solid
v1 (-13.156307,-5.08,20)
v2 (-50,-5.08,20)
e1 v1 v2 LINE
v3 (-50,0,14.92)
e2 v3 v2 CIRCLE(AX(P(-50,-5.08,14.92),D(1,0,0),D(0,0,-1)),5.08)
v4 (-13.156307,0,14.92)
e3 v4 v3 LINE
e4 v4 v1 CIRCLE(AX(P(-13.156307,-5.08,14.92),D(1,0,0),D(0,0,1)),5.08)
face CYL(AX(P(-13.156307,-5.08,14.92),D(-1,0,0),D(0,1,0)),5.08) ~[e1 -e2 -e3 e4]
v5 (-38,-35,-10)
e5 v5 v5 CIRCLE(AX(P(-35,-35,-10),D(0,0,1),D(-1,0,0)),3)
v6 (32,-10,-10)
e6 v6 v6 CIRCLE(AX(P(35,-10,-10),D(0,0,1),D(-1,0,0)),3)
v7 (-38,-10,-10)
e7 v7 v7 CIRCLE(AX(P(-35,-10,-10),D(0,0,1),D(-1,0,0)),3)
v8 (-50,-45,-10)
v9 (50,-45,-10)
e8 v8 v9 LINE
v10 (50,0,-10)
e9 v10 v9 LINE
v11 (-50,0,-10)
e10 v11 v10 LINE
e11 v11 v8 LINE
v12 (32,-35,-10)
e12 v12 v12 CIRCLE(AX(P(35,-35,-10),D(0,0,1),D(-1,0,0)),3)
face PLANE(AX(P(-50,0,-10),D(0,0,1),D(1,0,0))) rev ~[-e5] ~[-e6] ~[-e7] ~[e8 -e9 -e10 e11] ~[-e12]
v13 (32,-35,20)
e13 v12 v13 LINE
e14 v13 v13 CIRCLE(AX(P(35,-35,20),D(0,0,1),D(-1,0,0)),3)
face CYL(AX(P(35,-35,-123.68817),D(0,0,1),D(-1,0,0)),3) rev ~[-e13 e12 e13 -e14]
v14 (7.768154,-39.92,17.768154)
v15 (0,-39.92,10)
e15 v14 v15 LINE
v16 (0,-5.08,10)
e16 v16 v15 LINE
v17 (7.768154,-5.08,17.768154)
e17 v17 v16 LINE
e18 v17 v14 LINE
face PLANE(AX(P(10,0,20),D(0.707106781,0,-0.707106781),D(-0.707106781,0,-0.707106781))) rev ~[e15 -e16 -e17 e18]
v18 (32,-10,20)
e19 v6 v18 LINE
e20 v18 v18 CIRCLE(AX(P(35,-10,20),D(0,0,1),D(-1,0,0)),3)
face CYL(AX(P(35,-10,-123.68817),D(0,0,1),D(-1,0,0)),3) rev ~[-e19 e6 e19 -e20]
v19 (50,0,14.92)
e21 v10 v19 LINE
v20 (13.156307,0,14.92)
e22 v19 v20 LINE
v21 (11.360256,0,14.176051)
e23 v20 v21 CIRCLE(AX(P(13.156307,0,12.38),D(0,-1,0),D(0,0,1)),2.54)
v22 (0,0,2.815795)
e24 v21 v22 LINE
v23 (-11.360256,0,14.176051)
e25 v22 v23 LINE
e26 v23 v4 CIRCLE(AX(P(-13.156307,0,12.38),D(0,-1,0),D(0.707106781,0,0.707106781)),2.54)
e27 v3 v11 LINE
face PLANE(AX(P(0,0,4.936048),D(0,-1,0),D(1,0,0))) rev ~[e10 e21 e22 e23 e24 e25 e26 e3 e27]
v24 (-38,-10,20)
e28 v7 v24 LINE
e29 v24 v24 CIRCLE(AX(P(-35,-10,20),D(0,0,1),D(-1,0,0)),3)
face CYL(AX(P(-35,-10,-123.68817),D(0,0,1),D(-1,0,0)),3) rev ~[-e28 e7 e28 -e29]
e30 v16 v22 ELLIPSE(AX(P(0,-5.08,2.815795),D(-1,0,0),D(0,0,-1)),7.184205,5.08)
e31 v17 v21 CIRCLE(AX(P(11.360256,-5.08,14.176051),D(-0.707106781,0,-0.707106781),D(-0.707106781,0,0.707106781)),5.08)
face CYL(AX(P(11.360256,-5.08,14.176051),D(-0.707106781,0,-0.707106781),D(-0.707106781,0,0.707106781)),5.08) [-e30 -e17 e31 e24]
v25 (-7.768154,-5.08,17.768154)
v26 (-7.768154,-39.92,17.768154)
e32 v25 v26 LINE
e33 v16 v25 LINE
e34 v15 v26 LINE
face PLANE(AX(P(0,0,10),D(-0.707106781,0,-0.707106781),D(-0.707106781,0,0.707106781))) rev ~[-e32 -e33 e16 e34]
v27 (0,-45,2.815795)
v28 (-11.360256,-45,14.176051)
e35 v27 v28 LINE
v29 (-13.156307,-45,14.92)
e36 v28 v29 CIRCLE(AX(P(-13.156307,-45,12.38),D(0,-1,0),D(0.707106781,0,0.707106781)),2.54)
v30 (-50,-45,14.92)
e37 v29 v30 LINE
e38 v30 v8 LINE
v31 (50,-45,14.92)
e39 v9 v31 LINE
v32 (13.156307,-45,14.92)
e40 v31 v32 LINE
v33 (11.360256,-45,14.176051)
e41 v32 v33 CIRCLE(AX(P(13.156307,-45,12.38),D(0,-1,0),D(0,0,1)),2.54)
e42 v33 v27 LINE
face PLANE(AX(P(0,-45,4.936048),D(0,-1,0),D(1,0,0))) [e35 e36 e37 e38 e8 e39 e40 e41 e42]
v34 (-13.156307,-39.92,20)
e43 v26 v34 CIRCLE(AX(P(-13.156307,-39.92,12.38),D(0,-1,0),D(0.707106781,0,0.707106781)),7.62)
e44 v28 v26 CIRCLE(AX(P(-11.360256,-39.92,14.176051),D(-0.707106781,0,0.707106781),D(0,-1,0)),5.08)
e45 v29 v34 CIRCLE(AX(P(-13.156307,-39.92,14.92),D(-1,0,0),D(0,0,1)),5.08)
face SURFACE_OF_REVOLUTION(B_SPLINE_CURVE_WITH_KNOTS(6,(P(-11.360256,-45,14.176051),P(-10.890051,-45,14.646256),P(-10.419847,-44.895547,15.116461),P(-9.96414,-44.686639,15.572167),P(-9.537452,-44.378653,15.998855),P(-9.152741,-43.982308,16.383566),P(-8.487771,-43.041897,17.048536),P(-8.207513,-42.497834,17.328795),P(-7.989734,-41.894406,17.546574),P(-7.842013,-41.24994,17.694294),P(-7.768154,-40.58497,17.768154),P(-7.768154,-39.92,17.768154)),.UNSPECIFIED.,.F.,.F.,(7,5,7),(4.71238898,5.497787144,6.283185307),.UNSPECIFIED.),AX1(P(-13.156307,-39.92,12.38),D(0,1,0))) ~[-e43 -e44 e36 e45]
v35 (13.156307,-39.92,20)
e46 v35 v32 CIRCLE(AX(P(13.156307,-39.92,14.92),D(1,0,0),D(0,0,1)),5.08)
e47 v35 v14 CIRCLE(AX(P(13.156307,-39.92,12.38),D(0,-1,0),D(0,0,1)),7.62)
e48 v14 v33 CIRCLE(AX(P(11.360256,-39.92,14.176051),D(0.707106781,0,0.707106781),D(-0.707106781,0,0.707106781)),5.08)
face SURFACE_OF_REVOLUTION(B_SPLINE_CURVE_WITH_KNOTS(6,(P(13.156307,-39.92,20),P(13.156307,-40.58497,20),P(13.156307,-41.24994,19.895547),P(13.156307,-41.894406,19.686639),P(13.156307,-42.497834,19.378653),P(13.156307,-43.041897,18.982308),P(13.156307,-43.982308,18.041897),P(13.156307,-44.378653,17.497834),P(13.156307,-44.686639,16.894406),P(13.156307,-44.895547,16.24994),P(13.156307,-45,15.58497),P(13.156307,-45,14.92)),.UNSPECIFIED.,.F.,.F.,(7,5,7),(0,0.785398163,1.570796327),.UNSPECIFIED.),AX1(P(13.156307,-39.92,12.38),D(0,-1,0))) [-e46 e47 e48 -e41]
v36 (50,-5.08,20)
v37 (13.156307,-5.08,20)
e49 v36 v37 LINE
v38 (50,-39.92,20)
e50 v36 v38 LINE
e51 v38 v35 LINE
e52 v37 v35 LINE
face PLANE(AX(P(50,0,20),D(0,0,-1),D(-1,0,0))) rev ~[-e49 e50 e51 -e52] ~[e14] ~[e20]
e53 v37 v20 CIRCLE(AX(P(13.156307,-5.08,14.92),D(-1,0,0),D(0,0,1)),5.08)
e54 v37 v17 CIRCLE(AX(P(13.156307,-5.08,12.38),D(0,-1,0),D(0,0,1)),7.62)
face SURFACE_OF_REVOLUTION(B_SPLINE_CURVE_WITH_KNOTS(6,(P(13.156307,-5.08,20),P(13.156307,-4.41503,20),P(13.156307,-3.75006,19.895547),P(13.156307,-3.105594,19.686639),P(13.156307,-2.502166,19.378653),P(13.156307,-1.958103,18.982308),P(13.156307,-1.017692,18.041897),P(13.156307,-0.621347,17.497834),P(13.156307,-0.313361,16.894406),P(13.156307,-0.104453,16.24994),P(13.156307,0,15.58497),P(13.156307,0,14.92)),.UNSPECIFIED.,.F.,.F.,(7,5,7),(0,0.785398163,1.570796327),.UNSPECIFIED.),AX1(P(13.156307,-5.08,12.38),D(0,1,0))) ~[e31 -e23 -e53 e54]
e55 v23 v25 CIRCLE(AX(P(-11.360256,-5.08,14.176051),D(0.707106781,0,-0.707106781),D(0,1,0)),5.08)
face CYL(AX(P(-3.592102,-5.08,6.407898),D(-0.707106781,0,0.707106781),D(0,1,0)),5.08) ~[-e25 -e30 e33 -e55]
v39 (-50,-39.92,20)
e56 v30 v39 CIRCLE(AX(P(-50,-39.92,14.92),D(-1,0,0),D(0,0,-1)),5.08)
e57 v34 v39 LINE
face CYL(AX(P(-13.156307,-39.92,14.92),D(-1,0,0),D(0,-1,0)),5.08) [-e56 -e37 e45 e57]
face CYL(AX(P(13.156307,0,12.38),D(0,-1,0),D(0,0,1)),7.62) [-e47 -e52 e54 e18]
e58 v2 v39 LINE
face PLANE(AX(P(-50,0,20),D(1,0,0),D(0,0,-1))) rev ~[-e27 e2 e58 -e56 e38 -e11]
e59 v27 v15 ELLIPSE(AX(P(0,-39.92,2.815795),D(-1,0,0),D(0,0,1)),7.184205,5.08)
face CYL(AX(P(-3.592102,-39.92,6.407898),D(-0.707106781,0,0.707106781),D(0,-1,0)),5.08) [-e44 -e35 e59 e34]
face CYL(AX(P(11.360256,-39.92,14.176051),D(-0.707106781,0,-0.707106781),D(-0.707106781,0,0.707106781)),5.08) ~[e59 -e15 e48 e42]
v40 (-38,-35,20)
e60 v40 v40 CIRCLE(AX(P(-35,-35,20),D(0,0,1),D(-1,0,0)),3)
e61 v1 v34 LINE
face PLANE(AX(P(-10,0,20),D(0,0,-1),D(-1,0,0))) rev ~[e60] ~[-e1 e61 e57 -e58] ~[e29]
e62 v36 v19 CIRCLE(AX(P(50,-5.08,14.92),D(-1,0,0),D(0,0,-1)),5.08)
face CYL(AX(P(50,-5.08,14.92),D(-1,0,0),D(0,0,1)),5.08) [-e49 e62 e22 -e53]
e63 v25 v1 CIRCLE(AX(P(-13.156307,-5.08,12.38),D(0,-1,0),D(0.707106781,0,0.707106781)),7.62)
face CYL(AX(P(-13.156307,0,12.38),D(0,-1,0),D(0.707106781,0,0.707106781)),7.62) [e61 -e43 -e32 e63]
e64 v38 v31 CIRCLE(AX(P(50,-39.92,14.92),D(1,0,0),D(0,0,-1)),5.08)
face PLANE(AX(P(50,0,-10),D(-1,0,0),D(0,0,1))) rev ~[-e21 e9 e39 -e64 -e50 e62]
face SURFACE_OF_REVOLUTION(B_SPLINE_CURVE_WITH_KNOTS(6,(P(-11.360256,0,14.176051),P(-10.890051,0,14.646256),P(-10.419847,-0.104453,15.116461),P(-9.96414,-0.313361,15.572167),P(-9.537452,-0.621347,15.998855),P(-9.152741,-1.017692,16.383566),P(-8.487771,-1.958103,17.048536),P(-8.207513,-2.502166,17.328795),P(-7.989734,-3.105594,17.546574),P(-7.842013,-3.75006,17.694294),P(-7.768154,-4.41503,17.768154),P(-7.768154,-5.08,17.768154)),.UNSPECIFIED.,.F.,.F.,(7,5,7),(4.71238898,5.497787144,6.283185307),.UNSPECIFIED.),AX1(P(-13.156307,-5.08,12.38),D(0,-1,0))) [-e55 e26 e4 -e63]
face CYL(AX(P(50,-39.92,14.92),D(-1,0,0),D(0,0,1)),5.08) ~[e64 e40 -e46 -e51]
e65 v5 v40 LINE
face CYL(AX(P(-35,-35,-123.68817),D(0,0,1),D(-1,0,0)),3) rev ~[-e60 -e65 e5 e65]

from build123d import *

# Parameters (mm, degrees)
F1_DEPTH = 45
F2_R     = 7.62
F3_R     = 5.08
F5_D     = 6


with BuildPart() as f1:
    # F0 (on Front) → F1 (new body)
    with BuildSketch(Plane.XZ):
        Polygon((50, 20), (20, 20), (10, 20), (0, 10), (-10, 20), (-20, 20), (-50, 20), (-50, 0), (-50, -10), (50, -10), (50, 0), align=None)
    extrude(amount=F1_DEPTH)

    # F2
    f2_edges = [f1.edges().sort_by_distance(p)[0] for p in [
        (10, -22.5, 20),
        (-10, -22.5, 20),
    ]]
    fillet(f2_edges, radius=F2_R)

    # F3
    f3_edges = [f1.edges().sort_by_distance(p)[0] for p in [
        (-31.578154, -45, 20),
        (31.578154, -45, 20),
        (31.578154, 0, 20),
        (-31.578154, 0, 20),
    ]]
    fillet(f3_edges, radius=F3_R)

    # F5 (through all)
    with Locations(Plane(origin=(0, 0, -10), x_dir=(1, 0, 0), z_dir=(0, 0, -1))):
        with Locations((35, 10), (35, 35), (-35, 35), (-35, 10)):
            Hole(F5_D / 2)


solid = f1.part
